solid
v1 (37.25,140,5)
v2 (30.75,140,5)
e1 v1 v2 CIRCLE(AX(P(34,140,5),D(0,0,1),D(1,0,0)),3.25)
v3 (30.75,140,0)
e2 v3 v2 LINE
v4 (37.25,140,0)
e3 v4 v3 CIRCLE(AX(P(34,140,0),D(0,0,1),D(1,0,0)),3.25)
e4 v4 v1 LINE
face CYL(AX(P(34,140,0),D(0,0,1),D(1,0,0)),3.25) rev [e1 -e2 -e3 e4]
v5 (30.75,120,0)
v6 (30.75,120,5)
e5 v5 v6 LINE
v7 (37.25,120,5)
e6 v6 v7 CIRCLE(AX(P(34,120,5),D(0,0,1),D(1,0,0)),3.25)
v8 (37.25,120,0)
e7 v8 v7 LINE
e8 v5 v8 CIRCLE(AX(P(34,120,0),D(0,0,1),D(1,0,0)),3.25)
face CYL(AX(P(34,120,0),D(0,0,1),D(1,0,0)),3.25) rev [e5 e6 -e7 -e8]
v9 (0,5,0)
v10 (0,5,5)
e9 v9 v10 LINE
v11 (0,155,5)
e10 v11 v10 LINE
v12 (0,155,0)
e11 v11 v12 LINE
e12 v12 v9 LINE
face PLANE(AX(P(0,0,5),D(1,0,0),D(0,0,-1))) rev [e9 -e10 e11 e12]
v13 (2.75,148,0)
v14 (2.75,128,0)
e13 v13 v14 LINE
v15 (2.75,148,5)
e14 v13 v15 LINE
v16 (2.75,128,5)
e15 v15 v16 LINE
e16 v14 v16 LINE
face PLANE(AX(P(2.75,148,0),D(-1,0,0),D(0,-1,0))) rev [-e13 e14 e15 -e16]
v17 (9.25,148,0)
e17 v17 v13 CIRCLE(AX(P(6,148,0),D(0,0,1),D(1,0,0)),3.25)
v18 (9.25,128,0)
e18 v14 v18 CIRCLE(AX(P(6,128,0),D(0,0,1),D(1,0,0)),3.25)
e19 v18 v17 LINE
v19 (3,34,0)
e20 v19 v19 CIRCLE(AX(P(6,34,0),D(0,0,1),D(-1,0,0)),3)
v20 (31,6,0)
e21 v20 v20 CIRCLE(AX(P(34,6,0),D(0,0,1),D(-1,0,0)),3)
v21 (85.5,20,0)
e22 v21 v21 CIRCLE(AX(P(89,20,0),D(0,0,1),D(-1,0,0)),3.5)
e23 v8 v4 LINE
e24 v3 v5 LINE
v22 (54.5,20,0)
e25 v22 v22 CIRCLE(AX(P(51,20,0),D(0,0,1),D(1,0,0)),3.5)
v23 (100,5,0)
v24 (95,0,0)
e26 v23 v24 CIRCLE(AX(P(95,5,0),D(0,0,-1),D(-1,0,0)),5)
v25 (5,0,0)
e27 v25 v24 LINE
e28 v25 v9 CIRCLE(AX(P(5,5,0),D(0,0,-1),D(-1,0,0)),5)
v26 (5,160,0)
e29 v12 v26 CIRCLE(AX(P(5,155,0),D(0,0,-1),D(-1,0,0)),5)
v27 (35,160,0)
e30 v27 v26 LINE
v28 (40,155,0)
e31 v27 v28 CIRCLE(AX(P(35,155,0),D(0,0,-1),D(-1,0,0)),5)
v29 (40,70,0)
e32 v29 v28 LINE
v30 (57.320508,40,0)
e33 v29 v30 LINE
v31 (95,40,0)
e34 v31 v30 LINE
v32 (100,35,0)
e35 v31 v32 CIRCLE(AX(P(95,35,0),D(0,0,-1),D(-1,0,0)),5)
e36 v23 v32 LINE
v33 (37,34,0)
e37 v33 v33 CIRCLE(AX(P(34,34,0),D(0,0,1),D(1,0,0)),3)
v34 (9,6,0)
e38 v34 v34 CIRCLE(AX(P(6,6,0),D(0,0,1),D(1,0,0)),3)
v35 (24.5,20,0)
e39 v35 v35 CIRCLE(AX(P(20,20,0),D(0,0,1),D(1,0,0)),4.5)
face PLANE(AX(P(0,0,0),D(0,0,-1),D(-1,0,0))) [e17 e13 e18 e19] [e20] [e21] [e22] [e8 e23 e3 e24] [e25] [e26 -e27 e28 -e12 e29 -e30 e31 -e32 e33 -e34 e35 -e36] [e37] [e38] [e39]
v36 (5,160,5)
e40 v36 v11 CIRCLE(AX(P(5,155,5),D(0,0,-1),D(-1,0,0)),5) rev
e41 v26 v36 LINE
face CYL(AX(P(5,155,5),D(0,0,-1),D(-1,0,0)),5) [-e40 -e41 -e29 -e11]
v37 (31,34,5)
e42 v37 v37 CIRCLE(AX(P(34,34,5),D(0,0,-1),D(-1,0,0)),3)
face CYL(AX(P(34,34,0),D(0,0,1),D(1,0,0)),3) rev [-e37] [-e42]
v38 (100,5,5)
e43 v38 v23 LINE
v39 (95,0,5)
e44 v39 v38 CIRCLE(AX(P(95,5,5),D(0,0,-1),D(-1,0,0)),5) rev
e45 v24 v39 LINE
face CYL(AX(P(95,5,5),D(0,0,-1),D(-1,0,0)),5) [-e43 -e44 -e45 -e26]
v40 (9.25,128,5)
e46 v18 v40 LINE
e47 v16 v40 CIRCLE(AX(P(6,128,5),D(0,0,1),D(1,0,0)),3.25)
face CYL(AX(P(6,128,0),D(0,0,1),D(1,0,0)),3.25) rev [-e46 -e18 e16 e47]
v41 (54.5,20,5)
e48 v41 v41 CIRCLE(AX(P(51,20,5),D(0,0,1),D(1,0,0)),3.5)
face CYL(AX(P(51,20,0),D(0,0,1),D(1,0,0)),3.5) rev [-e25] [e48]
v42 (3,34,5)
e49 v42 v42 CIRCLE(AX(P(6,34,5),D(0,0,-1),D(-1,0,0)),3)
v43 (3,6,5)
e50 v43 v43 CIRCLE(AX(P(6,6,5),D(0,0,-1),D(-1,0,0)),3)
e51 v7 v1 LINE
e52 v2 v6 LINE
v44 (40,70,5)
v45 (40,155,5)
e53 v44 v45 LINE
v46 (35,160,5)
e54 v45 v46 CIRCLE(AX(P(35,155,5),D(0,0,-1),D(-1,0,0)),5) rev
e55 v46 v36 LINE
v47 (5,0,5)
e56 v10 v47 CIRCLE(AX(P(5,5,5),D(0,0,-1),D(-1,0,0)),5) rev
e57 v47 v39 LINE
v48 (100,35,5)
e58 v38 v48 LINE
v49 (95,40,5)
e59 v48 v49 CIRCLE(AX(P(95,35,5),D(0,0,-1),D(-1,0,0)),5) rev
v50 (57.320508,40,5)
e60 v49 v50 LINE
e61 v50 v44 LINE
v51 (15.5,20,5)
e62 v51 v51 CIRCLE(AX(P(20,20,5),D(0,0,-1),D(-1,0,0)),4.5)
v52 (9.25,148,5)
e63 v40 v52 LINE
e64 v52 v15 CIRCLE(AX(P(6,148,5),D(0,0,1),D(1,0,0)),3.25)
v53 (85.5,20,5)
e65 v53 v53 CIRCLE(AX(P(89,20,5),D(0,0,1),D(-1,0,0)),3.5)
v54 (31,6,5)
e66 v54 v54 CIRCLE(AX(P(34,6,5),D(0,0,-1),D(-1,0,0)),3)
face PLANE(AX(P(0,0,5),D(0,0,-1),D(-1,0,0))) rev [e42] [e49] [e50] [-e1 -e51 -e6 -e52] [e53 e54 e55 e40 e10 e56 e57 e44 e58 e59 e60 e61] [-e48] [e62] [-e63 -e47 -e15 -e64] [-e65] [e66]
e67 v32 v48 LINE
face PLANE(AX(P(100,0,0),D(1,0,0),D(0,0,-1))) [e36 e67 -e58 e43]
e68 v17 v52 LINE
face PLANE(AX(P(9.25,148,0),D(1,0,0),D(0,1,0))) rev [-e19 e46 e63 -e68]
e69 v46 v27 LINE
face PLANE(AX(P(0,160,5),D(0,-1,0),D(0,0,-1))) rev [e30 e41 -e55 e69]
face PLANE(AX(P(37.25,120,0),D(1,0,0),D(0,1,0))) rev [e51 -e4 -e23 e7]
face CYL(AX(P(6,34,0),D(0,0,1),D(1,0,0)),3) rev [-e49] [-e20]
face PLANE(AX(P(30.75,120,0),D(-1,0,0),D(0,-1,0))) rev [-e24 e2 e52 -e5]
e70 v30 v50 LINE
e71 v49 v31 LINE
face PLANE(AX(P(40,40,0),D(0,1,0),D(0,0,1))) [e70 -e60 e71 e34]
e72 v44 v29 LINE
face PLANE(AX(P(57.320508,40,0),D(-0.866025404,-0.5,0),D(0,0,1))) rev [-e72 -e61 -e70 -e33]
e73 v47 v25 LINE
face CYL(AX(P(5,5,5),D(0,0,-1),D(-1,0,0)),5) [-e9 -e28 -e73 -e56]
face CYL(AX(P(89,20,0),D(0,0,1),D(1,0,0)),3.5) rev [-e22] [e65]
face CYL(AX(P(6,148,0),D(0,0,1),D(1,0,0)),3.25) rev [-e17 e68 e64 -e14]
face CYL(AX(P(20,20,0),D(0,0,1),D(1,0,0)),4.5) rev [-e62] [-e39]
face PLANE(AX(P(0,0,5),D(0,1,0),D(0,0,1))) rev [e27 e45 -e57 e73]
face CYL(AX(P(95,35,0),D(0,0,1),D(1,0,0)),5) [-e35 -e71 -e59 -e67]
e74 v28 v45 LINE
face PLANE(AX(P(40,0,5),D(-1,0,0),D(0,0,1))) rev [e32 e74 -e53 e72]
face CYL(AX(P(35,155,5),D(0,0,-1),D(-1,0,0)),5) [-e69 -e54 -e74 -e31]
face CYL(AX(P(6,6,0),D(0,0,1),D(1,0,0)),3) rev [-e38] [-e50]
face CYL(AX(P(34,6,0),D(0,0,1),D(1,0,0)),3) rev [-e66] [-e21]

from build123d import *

# Parameters (mm, degrees)
ESQUISSE1_W                  = 40
ESQUISSE1_H                  = 160
BOSS_EXTRU_1_DEPTH           = 5
ENL_V_MAT_EXTRU_1_DEPTH      = 166
ENL_V_MAT_EXTRU_1_DEPTH_BACK = 166
ESQUISSE2_R                  = 4.5
ESQUISSE2_R_2                = 3
ESQUISSE3_W                  = 60
ESQUISSE3_H                  = 40
ESQUISSE3_R                  = 3.5
BOSS_EXTRU_2_DEPTH           = 5
CONG_1_R                     = 5
CHANFREIN1_SIZE              = 30
CHANFREIN1_SIZE2             = 17.320508076


with BuildPart() as part:
    # Esquisse1 → Boss.-Extru.1 (new body)
    with BuildSketch(Plane.XY):
        with Locations((20, 80)):
            Rectangle(ESQUISSE1_W, ESQUISSE1_H)
    extrude(amount=BOSS_EXTRU_1_DEPTH)

    # Esquisse2 → Enlèv. mat.-Extru.1 (cut, two sides: drawn at the far end of the back side and taken through both)
    with BuildSketch(Plane.XY.offset(5).offset(-ENL_V_MAT_EXTRU_1_DEPTH_BACK)):
        with Locations((20, 20)):
            Circle(ESQUISSE2_R)
        with Locations((6, 6)):
            Circle(ESQUISSE2_R_2)
        with Locations(Location((34, 6, 0), (0, 0, 180))):
            Circle(ESQUISSE2_R_2)
        with Locations((34, 34)):
            Circle(ESQUISSE2_R_2)
        with Locations(Location((6, 34, 0), (0, 0, 180))):
            Circle(ESQUISSE2_R_2)
        with BuildLine():
            Line((9.25, 148), (9.25, 128))
            ThreePointArc((9.25, 128), (6, 124.75), (2.75, 128))
            Line((2.75, 128), (2.75, 148))
            ThreePointArc((2.75, 148), (6, 151.25), (9.25, 148))
        make_face()
        with BuildLine():
            Line((30.75, 120), (30.75, 140))
            ThreePointArc((30.75, 140), (34, 143.25), (37.25, 140))
            Line((37.25, 140), (37.25, 120))
            ThreePointArc((37.25, 120), (34, 116.75), (30.75, 120))
        make_face()
    extrude(amount=ENL_V_MAT_EXTRU_1_DEPTH + ENL_V_MAT_EXTRU_1_DEPTH_BACK, mode=Mode.SUBTRACT)

    # Esquisse3 → Boss.-Extru.2 (add)
    with BuildSketch(Plane.XY.offset(5)):
        with Locations((70, 20)):
            Rectangle(ESQUISSE3_W, ESQUISSE3_H)
        with Locations((51, 20)):
            Circle(ESQUISSE3_R, mode=Mode.SUBTRACT)
        with Locations(Location((89, 20, 0), (0, 0, 180))):
            Circle(ESQUISSE3_R, mode=Mode.SUBTRACT)
    extrude(amount=-BOSS_EXTRU_2_DEPTH)

    # Congé1
    cong_1_edges = [part.edges().sort_by_distance(p)[0] for p in [
        (0, 160, 2.5),
        (40, 160, 2.5),
        (0, 0, 2.5),
        (100, 40, 2.5),
        (100, 0, 2.5),
    ]]
    fillet(cong_1_edges, radius=CONG_1_R)

    # Chanfrein1
    chanfrein1_edges = [part.edges().sort_by_distance(p)[0] for p in [
        (40, 40, 2.5),
    ]]
    chanfrein1_side = [part.faces().sort_by_distance(p)[0] for p in [
        (40, 97.5, 2.5),
    ]]
    chamfer(chanfrein1_edges, length=CHANFREIN1_SIZE, length2=CHANFREIN1_SIZE2, reference=chanfrein1_side[0])


solid = part.part
